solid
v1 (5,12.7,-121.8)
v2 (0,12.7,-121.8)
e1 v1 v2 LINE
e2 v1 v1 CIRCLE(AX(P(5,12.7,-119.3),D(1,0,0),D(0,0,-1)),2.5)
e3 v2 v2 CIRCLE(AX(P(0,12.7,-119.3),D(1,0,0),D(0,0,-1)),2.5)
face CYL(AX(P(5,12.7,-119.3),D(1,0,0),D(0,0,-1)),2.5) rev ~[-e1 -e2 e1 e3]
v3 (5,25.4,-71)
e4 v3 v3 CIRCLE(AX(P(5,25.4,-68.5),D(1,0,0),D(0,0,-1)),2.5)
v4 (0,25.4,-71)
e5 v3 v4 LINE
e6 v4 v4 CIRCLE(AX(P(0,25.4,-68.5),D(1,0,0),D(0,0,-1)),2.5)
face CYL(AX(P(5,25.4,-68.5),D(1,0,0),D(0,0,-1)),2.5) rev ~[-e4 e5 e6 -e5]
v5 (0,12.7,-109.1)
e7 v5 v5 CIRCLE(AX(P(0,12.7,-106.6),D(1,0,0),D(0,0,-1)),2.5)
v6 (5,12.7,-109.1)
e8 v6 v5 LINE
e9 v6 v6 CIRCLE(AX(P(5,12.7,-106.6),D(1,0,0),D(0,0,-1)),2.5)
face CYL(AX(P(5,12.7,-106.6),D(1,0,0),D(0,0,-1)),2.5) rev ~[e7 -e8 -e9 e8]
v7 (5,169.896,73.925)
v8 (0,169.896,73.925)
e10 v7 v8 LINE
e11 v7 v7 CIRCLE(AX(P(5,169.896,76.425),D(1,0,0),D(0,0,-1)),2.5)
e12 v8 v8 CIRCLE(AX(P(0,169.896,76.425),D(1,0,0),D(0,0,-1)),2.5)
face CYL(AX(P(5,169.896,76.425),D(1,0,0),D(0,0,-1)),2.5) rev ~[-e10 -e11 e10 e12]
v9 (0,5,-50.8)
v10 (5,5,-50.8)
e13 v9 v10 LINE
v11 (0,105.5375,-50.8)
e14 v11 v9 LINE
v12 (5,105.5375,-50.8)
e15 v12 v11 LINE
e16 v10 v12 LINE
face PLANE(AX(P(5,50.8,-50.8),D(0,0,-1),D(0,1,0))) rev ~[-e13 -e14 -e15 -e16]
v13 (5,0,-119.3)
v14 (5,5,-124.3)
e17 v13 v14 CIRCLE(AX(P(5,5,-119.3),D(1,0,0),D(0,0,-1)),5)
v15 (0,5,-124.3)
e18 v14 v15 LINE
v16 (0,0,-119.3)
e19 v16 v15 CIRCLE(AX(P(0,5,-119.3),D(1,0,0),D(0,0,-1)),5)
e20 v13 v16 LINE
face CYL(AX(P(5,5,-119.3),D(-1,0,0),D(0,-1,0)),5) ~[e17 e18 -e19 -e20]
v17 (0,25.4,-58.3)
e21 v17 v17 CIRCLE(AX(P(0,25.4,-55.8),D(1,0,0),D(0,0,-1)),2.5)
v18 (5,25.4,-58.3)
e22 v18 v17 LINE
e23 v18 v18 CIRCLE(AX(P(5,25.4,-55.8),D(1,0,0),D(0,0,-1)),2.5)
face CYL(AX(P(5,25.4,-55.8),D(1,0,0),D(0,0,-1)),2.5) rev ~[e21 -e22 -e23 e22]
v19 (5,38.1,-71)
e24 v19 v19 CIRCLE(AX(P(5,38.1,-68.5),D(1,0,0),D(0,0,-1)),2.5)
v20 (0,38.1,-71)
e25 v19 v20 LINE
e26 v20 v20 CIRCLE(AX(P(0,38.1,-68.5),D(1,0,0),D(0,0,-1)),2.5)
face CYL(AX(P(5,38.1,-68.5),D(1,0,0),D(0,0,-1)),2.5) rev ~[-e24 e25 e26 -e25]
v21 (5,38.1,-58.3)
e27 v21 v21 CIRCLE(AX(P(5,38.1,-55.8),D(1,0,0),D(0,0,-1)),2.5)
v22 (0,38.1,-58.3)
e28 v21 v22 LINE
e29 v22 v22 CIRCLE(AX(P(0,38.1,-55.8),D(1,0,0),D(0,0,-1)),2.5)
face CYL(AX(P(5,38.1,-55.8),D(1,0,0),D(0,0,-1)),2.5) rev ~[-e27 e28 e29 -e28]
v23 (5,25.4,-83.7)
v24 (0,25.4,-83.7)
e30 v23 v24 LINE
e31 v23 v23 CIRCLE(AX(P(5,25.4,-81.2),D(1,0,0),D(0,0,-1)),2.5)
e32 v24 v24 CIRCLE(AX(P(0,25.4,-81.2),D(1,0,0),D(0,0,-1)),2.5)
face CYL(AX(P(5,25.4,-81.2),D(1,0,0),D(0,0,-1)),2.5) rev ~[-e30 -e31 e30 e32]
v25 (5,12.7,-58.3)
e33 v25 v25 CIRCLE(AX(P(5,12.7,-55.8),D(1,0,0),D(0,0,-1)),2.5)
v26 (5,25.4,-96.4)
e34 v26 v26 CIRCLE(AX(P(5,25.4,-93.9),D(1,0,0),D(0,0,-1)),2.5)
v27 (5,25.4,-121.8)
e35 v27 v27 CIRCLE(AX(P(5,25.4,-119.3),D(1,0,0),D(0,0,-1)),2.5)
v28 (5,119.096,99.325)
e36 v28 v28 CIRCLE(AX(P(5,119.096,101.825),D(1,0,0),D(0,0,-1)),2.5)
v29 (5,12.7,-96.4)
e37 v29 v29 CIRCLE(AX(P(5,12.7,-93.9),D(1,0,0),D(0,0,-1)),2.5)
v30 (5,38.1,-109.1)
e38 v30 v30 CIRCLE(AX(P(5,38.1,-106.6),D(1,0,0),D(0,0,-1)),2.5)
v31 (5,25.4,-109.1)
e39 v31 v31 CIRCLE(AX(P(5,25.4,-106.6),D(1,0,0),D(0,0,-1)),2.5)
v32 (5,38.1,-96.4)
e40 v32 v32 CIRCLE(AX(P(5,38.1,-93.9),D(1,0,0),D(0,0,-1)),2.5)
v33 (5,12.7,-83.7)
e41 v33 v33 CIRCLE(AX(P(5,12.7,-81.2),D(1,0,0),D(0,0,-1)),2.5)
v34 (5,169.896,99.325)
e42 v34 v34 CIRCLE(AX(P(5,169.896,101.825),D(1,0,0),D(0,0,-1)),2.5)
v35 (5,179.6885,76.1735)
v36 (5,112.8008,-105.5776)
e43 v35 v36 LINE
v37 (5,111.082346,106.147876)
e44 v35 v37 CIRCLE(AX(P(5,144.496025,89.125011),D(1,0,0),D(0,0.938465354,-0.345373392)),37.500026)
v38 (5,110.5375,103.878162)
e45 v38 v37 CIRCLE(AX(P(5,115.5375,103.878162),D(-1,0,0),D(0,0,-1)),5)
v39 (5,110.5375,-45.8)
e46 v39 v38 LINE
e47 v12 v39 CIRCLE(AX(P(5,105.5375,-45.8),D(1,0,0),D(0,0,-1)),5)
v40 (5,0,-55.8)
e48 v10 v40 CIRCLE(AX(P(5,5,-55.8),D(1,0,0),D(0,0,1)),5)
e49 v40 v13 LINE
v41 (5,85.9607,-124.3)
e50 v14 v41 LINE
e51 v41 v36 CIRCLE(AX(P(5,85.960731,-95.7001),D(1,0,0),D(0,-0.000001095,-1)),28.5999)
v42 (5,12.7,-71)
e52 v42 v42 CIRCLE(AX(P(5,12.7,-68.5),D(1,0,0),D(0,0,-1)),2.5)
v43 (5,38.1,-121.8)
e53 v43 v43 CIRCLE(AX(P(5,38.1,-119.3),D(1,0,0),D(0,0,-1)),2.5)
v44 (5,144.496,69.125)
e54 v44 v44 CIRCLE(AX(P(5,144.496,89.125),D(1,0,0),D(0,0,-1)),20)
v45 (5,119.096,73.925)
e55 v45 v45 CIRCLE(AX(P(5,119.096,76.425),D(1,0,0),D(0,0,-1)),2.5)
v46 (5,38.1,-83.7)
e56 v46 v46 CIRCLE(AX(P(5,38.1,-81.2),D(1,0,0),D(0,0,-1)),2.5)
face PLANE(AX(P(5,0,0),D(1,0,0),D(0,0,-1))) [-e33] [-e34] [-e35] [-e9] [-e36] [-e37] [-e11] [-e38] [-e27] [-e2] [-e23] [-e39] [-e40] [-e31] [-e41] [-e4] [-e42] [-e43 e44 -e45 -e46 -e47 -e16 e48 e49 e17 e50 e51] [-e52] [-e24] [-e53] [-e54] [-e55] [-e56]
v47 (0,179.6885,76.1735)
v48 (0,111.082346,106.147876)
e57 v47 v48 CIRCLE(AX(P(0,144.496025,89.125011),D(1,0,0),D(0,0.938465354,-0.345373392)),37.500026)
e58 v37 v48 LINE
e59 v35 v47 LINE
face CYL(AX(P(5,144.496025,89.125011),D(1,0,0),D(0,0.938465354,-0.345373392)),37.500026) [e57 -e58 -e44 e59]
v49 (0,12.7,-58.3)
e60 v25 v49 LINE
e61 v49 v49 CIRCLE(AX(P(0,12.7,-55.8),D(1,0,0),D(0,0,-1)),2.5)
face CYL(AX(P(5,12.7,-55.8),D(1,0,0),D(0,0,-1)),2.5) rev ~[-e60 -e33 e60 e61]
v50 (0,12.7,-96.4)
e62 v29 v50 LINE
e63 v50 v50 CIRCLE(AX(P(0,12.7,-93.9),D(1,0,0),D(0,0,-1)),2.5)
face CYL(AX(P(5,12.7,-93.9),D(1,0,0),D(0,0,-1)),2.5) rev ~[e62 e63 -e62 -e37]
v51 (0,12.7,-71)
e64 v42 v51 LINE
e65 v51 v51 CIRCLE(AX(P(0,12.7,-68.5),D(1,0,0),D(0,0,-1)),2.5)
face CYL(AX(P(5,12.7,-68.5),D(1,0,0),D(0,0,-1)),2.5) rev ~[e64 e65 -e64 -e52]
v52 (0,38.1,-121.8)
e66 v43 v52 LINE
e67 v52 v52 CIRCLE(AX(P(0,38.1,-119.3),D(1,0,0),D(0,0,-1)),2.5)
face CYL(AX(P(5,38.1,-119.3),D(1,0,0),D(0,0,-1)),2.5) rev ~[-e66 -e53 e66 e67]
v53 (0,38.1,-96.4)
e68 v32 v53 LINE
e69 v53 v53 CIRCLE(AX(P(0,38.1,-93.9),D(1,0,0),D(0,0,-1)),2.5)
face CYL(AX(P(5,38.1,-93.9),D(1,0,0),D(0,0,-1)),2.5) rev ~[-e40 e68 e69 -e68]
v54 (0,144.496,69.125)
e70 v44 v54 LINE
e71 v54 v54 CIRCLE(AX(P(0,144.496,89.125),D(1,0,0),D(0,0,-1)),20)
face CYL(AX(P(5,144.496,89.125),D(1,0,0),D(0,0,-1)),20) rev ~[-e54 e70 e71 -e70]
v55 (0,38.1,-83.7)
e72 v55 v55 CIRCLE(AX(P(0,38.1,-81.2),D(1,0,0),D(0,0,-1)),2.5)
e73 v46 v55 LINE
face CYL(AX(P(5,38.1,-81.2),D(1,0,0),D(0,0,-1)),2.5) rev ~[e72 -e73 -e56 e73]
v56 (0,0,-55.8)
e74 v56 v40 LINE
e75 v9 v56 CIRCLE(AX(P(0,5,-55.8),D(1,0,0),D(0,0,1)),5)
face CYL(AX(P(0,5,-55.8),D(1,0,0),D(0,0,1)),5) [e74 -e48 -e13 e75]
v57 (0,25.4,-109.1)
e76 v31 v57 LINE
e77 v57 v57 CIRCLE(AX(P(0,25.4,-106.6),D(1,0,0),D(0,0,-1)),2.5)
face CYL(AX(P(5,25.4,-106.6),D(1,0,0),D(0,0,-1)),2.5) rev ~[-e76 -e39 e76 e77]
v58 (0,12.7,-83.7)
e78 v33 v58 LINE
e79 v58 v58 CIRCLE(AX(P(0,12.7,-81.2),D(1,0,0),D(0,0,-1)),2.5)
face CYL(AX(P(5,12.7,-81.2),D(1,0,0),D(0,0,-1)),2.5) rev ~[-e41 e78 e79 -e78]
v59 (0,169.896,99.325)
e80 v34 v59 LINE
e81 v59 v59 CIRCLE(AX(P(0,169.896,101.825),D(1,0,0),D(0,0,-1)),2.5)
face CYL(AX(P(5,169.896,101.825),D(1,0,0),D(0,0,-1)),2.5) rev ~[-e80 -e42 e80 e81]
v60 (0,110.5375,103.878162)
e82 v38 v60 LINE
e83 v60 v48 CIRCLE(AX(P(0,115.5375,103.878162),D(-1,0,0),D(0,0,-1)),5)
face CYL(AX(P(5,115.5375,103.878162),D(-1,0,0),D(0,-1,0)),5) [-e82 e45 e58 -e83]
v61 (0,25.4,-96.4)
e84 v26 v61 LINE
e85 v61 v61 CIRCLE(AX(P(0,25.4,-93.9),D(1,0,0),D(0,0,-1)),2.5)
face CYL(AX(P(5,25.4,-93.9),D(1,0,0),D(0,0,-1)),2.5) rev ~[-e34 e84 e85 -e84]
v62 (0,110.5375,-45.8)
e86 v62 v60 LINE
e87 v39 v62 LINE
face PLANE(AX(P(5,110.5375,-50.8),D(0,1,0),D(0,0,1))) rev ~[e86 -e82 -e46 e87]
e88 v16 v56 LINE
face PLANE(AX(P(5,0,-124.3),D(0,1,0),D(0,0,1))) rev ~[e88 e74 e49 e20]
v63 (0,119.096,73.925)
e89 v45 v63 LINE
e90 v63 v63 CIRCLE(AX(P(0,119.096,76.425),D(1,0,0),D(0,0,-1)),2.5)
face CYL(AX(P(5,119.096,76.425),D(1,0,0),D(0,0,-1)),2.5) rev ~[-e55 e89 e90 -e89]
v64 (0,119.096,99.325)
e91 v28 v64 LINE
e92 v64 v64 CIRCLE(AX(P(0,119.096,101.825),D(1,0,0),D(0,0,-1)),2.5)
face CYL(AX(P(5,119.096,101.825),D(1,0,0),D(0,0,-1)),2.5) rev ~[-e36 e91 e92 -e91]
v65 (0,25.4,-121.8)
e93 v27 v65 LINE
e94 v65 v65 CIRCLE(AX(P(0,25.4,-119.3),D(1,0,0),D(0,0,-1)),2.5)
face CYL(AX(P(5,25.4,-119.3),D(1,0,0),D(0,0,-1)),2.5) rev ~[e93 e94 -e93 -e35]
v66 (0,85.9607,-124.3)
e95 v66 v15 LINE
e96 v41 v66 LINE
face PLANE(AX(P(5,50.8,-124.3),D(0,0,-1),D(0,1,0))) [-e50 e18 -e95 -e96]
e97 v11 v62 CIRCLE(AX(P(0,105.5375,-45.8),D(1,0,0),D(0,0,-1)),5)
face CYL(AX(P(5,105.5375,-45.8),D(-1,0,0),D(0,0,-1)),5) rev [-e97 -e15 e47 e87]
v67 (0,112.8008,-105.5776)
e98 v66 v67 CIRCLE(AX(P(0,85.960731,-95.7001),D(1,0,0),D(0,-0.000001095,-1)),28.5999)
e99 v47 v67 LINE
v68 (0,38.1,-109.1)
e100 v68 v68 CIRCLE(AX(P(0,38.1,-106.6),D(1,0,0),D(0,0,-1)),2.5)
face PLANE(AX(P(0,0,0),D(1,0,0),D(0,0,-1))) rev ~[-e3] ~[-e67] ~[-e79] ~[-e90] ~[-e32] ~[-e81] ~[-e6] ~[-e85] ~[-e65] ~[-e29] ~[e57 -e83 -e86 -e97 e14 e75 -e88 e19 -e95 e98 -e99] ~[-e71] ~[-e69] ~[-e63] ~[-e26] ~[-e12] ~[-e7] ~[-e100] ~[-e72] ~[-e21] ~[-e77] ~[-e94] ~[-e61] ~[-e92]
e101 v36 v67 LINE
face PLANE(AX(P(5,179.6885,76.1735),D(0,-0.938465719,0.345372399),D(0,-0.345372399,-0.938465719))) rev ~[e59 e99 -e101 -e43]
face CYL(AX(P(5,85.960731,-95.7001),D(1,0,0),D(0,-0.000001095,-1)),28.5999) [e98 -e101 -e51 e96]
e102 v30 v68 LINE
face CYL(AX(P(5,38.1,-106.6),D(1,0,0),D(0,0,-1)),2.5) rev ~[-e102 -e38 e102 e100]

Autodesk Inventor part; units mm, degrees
ref_plane "YZ Plane" through (0, 0, 0) normal (1, 0, 0) x (0, 1, 0)
ref_plane "XZ Plane" through (0, 0, 0) normal (0, 1, 0) x (-1, 0, 0)
ref_plane "XY Plane" through (0, 0, 0) normal (0, 0, 1) x (1, 0, 0)
sketch "Esboço1" plane through (0, 0, 0) normal (1, 0, 0) x (0, 1, 0)
  line L0 (0, 0) -> (50.8, 0)
  line L1 (50.8, 0) -> (50.8, -86.2)
  line L2 (50.8, -86.2) -> (0, -86.2)
  line L3 (0, -86.2) -> (0, 0)
  dimension "d0" = 50.8
  dimension "d1" = 86.2
extrude "Extrusão1" add sketch "Esboço1" along normal blind 5
sketch "Esboço2" plane through (5, 0, 0) normal (1, 0, 0) x (0, 0, -1)
  circle A0 centre (5, 12.7) radius 2.5
  circle A1 centre (5, 25.4) radius 2.5
  circle A2 centre (5, 38.1) radius 2.5
  line L0 (0, 50.8) -> (0, 0) projected
  line L1 (86.2, 50.8) -> (0, 50.8) projected
  line L2 (0, 0) -> (86.2, 0) projected
  dimension "d4" = 5
  dimension "d5" = 5
  dimension "d6" = 5
  dimension "d7" = 5
  dimension "d8" = 5
  dimension "d9" = 5
  dimension "d10" = 12.7
  dimension "d11" = 12.7
  dimension "d12" = 12.7
extrude "Extrusão2" cut sketch "Esboço2" against normal blind 6
pattern_linear "Padrão retangular1" count 7 spacing 12.7 along (0, 0, -1) of "Extrusão2"
sketch "Esboço3" plane through (0, 0, 0) normal (-1, 0, 0) x (0, 0, 1)
  line L0 (0, 50.8) -> (0, 0) projected
  line L1 (0, 0) -> (-86.2, 0) projected
  line L2 (0, 50.8) -> (-50.8, 50.8)
  line L3 (-50.8, 50.8) -> (-50.8, 0)
  line L4 (-50.8, 0) -> (0, 0)
  line L5 (0, 0) -> (0, 50.8)
  circle A0 centre (-55.8, 25.4) radius 2.5 projected
  dimension "d19" = 5
extrude "Extrusão3" cut sketch "Esboço3" against normal blind 10 contours L0 L1 L3 L2
sketch "Esboço4" plane through (5, 0, 0) normal (1, 0, 0) x (0, 0, -1)
  line L0 (86.2, 0) -> (86.2, 50.8) projected
  line L1 (86.2, 50.8) -> (124.3, 50.8)
  line L2 (124.3, 50.8) -> (124.3, 0)
  line L3 (124.3, 0) -> (86.2, 0)
  line L4 (86.2, 0) -> (86.2, 50.8)
  circle A0 centre (93.9, 25.4) radius 2.5 projected
  circle A1 centre (93.9, 38.1) radius 2.5 projected
  circle A2 centre (106.6, 38.1) radius 2.5 projected
  circle A3 centre (119.3, 38.1) radius 2.5 projected
  circle A4 centre (119.3, 25.4) radius 2.5 projected
  circle A5 centre (106.6, 25.4) radius 2.5 projected
  circle A6 centre (93.9, 12.7) radius 2.5 projected
  circle A7 centre (106.6, 12.7) radius 2.5 projected
  circle A8 centre (119.3, 12.7) radius 2.5 projected
  point P0 (0, 0)
  dimension "d22" = 5
  dimension "d23" = 50.8
extrude "Extrusão4" add sketch "Esboço4" against normal blind 5
sketch "Esboço7" plane through (5, 0, 0) normal (1, 0, 0) x (0, 0, -1)
  line L0 (124.3, 50.8) -> (50.8, 50.8) projected
  line L1 (124.3, 50.8) -> (124.3, 85.9607)
  circle A0 centre (95.7, 85.9607) radius 11.25 projected
  circle A1 centre (-89.125, 144.496) radius 17.5 projected
  circle A2 centre (95.7, 111.3607) radius 2.0193 projected
  circle A3 centre (77.7395, 103.9212) radius 2.0193 projected
  circle A4 centre (95.7, 60.5607) radius 2.0193 projected
  circle A5 centre (113.6605, 68.0002) radius 2.0193 projected
  circle A6 centre (-101.825, 169.896) radius 2.5 projected
  circle A7 centre (-76.425, 169.896) radius 2.5 projected
  circle A8 centre (-76.425, 119.096) radius 2.5 projected
  circle A9 centre (-101.825, 119.096) radius 2.5 projected
  arc A10 (-76.1735, 179.6885) -> (-105.0332, 110.5375) centre (-89.125, 144.496) ccw
  arc A11 (124.3, 85.9607) -> (105.5776, 112.8008) centre (95.7, 85.9607) ccw
  line L2 (50.8, 0) -> (50.8, 50.8) projected
  line L3 (50.8, 50.8) -> (50.8, 110.5375)
  line L4 (50.8, 110.5375) -> (-105.0332, 110.5375)
  line L5 (54.784, 109.5375) -> (24.05, 109.5375) projected
  line L6 (-76.1735, 179.6885) -> (105.5776, 112.8008)
  circle A12 centre (-89.125, 144.496) radius 20
  circle A13 centre (95.7, 85.9607) radius 14.25
  point P0 (0, 0)
  dimension "d36" = 75
  dimension "d37" = 1
  dimension "d38" = 40
  dimension "d39" = 28.5
extrude "Extrusão6" add sketch "Esboço7" against normal blind 5 contours L0 L3 L4 A10 L6 A11 L1
fillet "Arredondamento1" radius 5 4 edges at (2.5, 110.5375, -50.8) (2.5, 110.5375, 105.0332) (2.5, 0, -50.8) (2.5, 0, -124.3)
sketch "Esboço8" plane through (0, 0, 0) normal (-1, 0, 0) x (0, 0, 1)
  circle A0 centre (-95.7, 85.9607) radius 14.25 projected
  circle A1 centre (-113.6605, 68.0002) radius 2.0193 projected
  circle A2 centre (-95.7, 60.5607) radius 2.0193 projected
  circle A3 centre (-95.7, 111.3607) radius 2.0193 projected
  circle A4 centre (-77.7395, 103.9212) radius 2.0193 projected
  point P0 (0, 0)
extrude "Extrusão7" add sketch "Esboço8" against normal blind 5
equation "\"d8\" = d7"
equation "\"d9\" = d8"
equation "\"d11\" = d10"
equation "\"d12\" = d11"
properties part number "CHAPA FIXAÇÃO DIREITA 2"
